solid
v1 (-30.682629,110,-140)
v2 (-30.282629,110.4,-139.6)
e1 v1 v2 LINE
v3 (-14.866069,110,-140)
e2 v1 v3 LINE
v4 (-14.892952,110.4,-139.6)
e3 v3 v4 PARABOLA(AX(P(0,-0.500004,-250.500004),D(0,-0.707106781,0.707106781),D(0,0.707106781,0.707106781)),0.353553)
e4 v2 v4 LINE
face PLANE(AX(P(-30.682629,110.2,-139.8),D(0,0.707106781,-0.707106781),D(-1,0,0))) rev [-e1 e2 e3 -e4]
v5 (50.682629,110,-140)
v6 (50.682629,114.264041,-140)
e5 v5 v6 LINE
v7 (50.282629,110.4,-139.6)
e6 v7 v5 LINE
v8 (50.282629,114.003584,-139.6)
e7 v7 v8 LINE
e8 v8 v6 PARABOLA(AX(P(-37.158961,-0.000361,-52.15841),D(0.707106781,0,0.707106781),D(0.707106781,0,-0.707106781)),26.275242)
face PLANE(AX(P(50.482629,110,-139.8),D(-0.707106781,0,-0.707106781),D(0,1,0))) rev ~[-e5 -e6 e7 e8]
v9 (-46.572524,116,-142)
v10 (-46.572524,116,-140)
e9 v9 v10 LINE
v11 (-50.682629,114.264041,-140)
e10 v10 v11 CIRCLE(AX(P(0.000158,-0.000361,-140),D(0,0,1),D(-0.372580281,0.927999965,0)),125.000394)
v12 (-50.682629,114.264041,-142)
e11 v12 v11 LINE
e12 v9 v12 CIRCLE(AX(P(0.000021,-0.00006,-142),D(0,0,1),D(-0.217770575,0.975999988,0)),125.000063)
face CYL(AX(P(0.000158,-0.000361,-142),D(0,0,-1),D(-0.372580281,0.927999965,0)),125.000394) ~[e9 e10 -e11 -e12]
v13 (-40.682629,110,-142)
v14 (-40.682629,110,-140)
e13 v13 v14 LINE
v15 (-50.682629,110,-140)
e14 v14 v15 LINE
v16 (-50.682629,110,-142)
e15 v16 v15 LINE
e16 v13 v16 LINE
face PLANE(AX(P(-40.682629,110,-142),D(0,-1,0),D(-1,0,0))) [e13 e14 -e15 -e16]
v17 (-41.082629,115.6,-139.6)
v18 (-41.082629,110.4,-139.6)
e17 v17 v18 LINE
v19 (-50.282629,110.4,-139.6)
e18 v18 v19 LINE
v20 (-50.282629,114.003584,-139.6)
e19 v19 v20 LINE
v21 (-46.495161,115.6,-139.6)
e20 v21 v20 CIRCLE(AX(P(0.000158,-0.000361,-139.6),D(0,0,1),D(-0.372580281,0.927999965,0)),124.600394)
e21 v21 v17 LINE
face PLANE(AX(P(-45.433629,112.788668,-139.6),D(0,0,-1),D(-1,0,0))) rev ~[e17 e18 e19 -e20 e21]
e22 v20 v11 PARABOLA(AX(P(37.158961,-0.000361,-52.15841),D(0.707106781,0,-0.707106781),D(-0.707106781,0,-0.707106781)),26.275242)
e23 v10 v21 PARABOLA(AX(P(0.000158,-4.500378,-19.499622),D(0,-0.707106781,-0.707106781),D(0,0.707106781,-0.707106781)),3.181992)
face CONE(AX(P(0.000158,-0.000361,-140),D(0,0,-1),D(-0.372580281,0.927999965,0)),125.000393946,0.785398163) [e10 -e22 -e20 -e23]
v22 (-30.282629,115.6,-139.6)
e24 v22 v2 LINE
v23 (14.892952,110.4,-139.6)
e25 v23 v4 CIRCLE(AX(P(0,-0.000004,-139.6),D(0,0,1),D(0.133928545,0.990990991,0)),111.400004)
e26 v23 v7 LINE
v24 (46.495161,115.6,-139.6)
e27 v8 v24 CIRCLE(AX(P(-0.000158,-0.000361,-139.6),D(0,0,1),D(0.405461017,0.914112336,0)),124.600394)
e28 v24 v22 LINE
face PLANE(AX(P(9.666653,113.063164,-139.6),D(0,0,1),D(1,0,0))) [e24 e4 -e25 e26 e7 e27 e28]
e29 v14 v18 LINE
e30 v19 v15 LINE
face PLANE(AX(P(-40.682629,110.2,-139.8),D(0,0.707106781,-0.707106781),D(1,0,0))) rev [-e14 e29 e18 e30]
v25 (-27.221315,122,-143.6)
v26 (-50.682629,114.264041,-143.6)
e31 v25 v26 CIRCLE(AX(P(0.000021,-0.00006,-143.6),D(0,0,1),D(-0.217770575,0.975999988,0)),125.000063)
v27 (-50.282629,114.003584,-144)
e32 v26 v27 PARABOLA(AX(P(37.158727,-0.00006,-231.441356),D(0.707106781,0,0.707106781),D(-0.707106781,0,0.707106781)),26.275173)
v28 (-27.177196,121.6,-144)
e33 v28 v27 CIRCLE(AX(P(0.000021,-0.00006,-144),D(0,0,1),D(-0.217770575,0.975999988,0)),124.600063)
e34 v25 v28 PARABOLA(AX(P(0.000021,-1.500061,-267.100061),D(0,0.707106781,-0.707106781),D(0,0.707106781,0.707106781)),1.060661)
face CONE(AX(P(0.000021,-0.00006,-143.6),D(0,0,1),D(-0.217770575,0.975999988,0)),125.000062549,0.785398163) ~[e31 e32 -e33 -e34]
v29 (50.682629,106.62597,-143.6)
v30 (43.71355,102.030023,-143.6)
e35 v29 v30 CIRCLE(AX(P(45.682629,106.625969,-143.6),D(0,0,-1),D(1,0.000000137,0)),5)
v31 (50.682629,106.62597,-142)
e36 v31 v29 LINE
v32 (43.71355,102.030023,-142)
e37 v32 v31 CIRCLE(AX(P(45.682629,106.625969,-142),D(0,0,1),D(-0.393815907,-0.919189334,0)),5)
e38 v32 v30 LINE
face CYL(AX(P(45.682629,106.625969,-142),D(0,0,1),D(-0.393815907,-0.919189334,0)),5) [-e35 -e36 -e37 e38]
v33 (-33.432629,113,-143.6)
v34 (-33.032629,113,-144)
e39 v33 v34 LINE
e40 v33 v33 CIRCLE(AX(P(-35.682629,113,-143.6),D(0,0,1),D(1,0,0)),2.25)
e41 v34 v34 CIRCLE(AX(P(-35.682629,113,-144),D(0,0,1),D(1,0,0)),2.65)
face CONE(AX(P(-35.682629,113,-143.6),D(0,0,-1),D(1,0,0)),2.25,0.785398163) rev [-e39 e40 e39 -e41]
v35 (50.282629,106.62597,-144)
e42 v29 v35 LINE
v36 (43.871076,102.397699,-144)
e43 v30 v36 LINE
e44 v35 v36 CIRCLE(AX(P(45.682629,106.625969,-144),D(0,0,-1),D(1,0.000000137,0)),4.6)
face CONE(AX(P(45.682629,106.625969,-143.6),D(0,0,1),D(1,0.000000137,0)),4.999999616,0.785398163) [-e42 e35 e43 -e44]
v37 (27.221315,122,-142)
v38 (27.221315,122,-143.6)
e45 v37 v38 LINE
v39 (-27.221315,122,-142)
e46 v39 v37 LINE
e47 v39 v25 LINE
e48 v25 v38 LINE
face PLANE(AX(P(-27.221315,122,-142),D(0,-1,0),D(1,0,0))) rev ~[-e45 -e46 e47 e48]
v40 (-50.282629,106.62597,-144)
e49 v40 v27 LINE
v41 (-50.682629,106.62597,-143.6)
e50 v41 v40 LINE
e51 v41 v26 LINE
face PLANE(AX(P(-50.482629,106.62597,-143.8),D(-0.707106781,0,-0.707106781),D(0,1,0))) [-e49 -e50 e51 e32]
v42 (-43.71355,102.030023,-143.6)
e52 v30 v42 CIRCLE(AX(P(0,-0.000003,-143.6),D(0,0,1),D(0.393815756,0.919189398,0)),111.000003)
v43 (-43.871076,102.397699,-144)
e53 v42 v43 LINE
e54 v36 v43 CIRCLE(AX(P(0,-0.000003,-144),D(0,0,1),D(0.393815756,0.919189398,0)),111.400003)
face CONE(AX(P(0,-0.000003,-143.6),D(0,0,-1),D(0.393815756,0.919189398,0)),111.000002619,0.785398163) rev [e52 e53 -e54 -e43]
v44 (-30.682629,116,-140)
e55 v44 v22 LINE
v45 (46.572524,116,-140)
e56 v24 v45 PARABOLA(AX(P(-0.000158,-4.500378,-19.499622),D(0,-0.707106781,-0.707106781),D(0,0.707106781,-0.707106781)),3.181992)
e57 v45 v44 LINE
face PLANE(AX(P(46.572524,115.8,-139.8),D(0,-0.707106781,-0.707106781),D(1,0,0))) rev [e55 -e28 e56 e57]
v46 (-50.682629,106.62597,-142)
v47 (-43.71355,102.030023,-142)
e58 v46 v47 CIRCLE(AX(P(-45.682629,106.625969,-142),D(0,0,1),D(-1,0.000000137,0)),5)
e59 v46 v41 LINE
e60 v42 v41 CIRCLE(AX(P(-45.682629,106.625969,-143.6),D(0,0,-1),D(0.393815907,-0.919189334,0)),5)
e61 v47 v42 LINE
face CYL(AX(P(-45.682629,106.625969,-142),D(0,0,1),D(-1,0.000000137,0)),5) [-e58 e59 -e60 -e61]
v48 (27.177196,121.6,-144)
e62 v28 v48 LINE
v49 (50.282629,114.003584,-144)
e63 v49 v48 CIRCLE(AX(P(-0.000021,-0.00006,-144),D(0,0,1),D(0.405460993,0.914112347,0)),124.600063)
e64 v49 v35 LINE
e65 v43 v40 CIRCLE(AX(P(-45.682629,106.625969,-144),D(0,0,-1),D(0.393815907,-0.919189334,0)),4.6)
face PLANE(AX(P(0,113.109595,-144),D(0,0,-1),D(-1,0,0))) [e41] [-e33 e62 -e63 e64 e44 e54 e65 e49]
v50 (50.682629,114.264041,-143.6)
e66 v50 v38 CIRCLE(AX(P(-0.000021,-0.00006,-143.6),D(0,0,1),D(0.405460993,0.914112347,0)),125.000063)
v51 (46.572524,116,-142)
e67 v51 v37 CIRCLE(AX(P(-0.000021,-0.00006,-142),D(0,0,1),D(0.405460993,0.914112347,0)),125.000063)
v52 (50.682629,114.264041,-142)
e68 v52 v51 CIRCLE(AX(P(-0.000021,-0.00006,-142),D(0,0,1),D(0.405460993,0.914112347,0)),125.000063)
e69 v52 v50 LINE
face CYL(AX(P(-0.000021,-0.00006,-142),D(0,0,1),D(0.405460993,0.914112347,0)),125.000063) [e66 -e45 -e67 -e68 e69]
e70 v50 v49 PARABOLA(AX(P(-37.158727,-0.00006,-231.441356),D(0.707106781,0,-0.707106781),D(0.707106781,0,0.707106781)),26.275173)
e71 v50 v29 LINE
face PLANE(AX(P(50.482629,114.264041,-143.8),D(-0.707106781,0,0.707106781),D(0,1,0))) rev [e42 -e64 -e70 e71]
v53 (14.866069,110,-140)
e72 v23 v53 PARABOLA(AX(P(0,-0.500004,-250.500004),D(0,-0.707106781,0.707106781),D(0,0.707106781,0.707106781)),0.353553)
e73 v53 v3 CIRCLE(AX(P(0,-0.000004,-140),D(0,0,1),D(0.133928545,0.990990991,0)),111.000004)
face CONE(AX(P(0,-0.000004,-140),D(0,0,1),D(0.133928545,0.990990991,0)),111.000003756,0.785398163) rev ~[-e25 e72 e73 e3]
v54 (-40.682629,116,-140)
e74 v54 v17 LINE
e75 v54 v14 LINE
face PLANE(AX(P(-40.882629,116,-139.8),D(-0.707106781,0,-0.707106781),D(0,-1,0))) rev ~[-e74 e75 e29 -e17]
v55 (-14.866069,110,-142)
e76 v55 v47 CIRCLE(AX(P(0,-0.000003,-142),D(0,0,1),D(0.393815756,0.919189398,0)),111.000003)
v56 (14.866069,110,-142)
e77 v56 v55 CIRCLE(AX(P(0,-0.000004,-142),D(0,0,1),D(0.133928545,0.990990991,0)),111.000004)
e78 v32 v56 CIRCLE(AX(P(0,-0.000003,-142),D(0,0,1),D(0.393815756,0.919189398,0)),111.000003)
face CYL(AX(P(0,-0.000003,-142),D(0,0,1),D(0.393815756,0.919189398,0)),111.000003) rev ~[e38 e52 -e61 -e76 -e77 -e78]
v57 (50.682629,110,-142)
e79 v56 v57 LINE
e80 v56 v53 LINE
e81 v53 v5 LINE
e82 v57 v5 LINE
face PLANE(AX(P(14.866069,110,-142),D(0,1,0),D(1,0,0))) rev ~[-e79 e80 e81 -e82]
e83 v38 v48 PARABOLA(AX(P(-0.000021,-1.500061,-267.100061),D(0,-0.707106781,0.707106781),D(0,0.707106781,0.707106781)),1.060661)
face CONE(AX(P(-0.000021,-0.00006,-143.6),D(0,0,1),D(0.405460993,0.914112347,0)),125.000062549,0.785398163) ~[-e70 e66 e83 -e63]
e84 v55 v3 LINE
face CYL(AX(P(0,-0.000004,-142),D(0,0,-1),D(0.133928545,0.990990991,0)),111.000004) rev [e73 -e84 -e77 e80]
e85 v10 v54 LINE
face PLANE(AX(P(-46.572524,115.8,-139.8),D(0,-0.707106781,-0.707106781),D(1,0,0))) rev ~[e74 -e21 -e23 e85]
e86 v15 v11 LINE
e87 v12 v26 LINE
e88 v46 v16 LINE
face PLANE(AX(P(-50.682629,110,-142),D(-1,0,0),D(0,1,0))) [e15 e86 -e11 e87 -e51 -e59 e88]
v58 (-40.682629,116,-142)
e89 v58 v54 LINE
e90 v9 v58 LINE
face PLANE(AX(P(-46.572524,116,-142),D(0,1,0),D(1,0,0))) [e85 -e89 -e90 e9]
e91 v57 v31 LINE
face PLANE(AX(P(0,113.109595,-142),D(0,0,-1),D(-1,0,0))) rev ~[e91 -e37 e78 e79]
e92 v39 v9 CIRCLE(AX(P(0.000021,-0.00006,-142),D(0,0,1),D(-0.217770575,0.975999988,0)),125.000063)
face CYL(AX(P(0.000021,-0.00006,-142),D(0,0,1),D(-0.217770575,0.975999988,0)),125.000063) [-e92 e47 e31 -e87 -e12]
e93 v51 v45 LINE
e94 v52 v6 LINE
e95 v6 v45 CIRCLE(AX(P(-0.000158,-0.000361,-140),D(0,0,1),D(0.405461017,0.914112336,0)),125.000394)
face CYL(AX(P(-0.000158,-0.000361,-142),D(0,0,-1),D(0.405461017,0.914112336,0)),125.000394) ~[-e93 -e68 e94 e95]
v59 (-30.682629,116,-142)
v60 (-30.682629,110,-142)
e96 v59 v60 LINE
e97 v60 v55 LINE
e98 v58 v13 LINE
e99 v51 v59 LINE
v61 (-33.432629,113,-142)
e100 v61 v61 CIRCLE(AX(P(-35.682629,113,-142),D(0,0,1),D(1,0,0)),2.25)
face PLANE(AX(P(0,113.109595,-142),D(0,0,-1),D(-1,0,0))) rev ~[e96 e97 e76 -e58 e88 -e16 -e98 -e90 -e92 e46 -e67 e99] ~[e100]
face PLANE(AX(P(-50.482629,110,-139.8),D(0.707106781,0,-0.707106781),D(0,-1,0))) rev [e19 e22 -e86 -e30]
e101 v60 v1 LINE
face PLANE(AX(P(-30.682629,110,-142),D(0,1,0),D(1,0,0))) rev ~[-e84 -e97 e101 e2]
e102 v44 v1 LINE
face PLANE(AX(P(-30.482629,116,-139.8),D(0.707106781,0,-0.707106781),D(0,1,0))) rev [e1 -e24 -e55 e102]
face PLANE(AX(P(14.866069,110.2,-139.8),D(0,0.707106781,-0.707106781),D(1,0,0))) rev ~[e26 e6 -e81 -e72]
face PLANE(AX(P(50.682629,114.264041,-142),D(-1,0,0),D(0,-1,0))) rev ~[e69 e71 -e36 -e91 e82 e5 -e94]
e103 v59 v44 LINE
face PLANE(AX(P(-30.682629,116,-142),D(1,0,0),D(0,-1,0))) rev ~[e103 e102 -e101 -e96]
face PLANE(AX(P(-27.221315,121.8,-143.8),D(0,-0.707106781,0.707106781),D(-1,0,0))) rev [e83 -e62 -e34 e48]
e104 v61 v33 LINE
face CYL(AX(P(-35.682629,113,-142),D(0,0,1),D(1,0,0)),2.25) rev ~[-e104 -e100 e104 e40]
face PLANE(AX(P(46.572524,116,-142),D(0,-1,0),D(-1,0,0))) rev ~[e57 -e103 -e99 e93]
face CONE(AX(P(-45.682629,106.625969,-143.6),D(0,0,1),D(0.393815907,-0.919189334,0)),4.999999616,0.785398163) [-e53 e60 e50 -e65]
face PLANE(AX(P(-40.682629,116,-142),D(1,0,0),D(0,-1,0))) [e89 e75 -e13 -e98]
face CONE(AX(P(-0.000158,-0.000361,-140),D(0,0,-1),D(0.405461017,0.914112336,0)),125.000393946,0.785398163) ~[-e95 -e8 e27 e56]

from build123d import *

# Parameters (mm, degrees)
SKETCH290_R     = 2.25
PAD_DEPTH       = 2
PAD074_DEPTH    = 2.4
CHAMFER005_SIZE = 0.4


with BuildPart() as part:
    # Sketch290 → Pad (new body)
    with BuildSketch(Plane.XY):
        with BuildLine():
            Line((-27.221315, 122), (27.221315, 122))
            ThreePointArc((50.682629, 114.264041), (39.143548, 118.713026), (27.221315, 122))
            Line((50.682629, 114.264041), (50.682629, 106.62597))
            ThreePointArc((43.71355, 102.030023), (48.435319, 102.451919), (50.682629, 106.62597))
            ThreePointArc((43.71355, 102.030023), (0, 111), (-43.71355, 102.030023))
            ThreePointArc((-50.682629, 106.62597), (-48.435319, 102.451919), (-43.71355, 102.030023))
            Line((-50.682629, 106.62597), (-50.682629, 114.264041))
            ThreePointArc((-27.221315, 122), (-39.143548, 118.713026), (-50.682629, 114.264041))
        make_face()
        with Locations((-35.682629, 113)):
            Circle(SKETCH290_R, mode=Mode.SUBTRACT)
    extrude(amount=-PAD_DEPTH)

    # Sketch291 → Pad074 (join)
    with BuildSketch(Plane.XY):
        with BuildLine():
            Line((-46.572524, 116), (-40.682629, 116))
            Line((-40.682629, 116), (-40.682629, 110))
            Line((-40.682629, 110), (-50.682629, 110))
            Line((-50.682629, 110), (-50.682629, 114.264041))
            ThreePointArc((-46.572524, 116), (-48.635322, 115.15036), (-50.682629, 114.264041))
        make_face()
        with BuildLine():
            Line((46.572524, 116), (-30.682629, 116))
            Line((-30.682629, 116), (-30.682629, 110))
            Line((-30.682629, 110), (-14.866069, 110))
            ThreePointArc((14.866069, 110), (0, 111), (-14.866069, 110))
            Line((14.866069, 110), (50.682629, 110))
            Line((50.682629, 110), (50.682629, 114.264041))
            ThreePointArc((50.682629, 114.264041), (48.635322, 115.15036), (46.572524, 116))
        make_face()
    extrude(amount=PAD074_DEPTH)

    # Chamfer005
    chamfer005_edges = [part.edges().sort_by_distance(p)[0] for p in [
        (-50.682629, 110.445006, -2),
        (-39.143548, 118.713026, -2),
        (0, 122, -2),
        (39.143548, 118.713026, -2),
        (50.682629, 110.445006, -2),
        (48.435319, 102.451919, -2),
        (0, 111, -2),
        (-48.435319, 102.451919, -2),
        (-37.932629, 113, -2),
        (32.774349, 110, 2.4),
        (50.682629, 112.132021, 2.4),
        (48.635322, 115.15036, 2.4),
        (7.944948, 116, 2.4),
        (-30.682629, 113, 2.4),
        (-22.774349, 110, 2.4),
        (0, 111, 2.4),
        (-43.627576, 116, 2.4),
        (-40.682629, 113, 2.4),
        (-45.682629, 110, 2.4),
        (-50.682629, 112.132021, 2.4),
        (-48.635322, 115.15036, 2.4),
    ]]
    chamfer(chamfer005_edges, length=CHAMFER005_SIZE)


with BuildPart() as part_1:
    # Body022061 placement: moved
    add(part.part.moved(Location((0, 0, -142))))


solid = part_1.part
